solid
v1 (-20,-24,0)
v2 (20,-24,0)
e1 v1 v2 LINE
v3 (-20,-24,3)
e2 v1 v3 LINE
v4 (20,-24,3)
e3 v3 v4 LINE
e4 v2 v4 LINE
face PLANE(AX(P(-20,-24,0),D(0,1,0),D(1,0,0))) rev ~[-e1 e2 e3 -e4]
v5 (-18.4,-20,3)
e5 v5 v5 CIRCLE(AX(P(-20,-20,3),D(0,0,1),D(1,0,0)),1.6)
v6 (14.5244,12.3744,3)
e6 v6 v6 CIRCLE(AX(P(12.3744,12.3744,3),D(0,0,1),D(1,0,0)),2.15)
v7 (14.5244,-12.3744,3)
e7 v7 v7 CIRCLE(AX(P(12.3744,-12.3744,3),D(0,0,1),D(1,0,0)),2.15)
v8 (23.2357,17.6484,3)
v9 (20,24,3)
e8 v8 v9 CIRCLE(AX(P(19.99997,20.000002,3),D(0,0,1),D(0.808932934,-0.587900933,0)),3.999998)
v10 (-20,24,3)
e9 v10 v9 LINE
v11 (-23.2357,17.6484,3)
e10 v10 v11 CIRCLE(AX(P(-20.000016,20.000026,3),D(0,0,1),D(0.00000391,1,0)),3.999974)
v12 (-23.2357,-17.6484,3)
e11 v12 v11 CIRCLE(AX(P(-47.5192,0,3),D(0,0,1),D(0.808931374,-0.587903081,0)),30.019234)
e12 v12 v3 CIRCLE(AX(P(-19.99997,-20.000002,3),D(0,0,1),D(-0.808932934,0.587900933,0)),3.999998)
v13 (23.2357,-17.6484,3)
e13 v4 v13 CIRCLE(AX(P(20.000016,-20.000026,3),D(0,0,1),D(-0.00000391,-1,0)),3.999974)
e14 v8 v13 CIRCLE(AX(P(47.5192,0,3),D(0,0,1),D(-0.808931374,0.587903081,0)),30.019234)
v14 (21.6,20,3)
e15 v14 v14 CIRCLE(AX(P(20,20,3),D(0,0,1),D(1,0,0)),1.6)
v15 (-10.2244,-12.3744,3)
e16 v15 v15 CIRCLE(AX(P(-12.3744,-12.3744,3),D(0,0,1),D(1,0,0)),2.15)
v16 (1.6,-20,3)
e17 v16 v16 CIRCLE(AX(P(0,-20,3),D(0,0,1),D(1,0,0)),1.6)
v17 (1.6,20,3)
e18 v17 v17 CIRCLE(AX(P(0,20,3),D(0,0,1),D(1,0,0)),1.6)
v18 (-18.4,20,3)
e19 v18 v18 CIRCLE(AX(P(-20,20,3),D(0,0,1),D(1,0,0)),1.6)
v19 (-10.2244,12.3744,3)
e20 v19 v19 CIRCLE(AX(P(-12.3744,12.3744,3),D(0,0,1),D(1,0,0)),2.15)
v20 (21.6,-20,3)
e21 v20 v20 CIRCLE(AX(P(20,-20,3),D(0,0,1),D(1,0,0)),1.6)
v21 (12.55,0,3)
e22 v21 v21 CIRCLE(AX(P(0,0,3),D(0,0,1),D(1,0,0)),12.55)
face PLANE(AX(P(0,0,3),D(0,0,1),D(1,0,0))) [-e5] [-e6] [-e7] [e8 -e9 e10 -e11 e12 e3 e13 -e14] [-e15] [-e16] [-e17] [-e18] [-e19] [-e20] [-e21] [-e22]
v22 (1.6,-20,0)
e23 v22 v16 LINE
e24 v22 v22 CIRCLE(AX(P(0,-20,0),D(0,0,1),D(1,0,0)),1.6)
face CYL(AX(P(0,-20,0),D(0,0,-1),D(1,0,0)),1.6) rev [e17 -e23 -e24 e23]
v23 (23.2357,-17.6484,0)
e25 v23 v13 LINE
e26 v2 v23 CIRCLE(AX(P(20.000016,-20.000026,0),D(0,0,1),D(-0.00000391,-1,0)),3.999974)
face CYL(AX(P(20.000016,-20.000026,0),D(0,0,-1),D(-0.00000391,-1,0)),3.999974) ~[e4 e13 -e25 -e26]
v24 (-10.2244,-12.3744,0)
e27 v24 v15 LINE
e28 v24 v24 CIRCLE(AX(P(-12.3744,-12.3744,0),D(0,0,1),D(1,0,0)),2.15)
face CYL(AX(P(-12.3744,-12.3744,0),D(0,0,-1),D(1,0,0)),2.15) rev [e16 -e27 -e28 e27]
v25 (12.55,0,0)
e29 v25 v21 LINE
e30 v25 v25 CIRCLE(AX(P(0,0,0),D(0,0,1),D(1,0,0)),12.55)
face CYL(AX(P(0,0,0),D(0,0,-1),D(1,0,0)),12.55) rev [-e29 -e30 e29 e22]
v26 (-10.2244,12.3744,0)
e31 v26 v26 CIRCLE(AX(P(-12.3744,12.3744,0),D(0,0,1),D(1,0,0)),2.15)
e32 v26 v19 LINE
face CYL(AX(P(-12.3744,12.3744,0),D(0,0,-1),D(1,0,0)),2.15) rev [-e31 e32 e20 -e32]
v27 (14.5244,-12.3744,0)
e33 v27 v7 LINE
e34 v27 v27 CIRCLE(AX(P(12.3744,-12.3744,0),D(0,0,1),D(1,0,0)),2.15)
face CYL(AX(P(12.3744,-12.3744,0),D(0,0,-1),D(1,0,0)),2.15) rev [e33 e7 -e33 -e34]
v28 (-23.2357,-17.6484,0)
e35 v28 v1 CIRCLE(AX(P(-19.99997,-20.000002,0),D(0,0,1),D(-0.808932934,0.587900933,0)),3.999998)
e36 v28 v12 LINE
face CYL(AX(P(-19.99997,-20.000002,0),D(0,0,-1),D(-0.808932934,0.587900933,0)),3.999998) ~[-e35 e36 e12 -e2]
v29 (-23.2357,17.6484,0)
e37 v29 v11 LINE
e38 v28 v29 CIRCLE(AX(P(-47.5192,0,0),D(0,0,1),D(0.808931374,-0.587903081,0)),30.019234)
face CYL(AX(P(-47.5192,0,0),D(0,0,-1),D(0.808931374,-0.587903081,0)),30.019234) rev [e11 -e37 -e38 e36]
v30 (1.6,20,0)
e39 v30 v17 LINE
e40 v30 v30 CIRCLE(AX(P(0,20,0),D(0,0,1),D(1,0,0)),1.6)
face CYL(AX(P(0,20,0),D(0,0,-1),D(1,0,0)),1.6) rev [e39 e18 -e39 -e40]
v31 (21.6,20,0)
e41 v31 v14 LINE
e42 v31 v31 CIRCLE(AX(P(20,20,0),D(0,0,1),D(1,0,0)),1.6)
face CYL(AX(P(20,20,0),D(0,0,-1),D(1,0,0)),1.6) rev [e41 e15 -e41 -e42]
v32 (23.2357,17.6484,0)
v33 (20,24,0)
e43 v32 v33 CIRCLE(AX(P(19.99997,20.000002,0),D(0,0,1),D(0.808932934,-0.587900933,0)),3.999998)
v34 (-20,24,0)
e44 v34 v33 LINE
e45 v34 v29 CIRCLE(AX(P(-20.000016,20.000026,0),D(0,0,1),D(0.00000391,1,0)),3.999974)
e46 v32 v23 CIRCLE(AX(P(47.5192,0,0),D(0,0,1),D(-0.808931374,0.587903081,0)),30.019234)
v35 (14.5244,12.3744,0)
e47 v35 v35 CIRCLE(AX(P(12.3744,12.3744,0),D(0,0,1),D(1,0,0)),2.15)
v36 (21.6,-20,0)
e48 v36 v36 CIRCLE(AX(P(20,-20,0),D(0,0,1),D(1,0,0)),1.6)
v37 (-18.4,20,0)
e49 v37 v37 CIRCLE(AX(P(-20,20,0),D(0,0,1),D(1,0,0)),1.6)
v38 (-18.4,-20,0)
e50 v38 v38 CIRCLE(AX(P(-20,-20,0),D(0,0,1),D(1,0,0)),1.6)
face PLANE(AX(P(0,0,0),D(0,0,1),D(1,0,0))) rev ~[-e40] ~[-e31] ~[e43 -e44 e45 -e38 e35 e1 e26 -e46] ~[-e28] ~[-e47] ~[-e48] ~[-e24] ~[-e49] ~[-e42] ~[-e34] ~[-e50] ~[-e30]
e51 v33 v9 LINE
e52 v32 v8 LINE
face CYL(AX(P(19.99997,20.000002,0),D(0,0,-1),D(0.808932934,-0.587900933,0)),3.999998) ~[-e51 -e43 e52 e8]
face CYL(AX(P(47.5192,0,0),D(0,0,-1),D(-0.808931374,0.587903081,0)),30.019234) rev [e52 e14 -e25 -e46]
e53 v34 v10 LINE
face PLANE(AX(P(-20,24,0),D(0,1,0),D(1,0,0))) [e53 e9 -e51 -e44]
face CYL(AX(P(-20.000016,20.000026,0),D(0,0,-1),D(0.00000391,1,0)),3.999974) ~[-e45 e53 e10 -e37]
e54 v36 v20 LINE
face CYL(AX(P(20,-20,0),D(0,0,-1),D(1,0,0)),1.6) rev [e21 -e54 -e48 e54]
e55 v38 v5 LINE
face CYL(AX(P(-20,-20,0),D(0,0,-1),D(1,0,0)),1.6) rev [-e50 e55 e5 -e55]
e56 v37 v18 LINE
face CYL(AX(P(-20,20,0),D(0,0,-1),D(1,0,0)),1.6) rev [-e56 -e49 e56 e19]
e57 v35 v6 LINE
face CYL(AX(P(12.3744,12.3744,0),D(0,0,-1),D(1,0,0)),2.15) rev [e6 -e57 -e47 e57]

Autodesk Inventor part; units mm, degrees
ref_plane "YZ Plane" through (0, 0, 0) normal (1, 0, 0) x (0, 1, 0)
ref_plane "XZ Plane" through (0, 0, 0) normal (0, 1, 0) x (-1, 0, 0)
ref_plane "XY Plane" through (0, 0, 0) normal (0, 0, 1) x (1, 0, 0)
sketch "スケッチ1" plane through (0, 0, 0) normal (0, 0, 1) x (1, 0, 0)
  circle A0 centre (-12.3744, 12.3744) radius 2.15
  circle A1 centre (-12.3744, -12.3744) radius 2.15
  circle A2 centre (12.3744, 12.3744) radius 2.15
  circle A3 centre (12.3744, -12.3744) radius 2.15
  line L0 (12.3744, 12.3744) -> (-12.3744, 12.3744) construction
  line L1 (-12.3744, 12.3744) -> (-12.3744, -12.3744) construction
  line L2 (-12.3744, -12.3744) -> (12.3744, -12.3744) construction
  line L3 (12.3744, -12.3744) -> (12.3744, 12.3744) construction
  line L4 (12.3744, 12.3744) -> (-12.3744, -12.3744) construction
  line L5 (-12.3744, 12.3744) -> (12.3744, -12.3744) construction
  circle A4 centre (0, 0) radius 12.55
  line L6 (20, 20) -> (-20, 20) construction
  line L7 (-20, 20) -> (-20, -20) construction
  line L8 (-20, -20) -> (20, -20) construction
  line L9 (20, -20) -> (20, 20) construction
  line L10 (20, 20) -> (-20, -20) construction
  line L11 (-20, 20) -> (20, -20) construction
  circle A5 centre (-20, 20) radius 1.6
  circle A6 centre (20, 20) radius 1.6
  circle A7 centre (20, -20) radius 1.6
  circle A8 centre (-20, -20) radius 1.6
  arc A9 (-20, 24) -> (-23.2357, 17.6484) centre (-20, 20) ccw
  arc A10 (23.2357, 17.6484) -> (20, 24) centre (20, 20) ccw
  arc A11 (20, -24) -> (23.2357, -17.6484) centre (20, -20) ccw
  arc A12 (-23.2357, -17.6484) -> (-20, -24) centre (-20, -20) ccw
  circle A13 centre (0, 0) radius 17.5 construction
  arc A14 (23.2357, 17.6484) -> (23.2357, -17.6484) centre (47.5192, 0) ccw
  arc A15 (-23.2357, -17.6484) -> (-23.2357, 17.6484) centre (-47.5192, 0) ccw
  circle A16 centre (0, 20) radius 1.6
  circle A17 centre (0, -20) radius 1.6
  line L12 (-20, 24) -> (20, 24)
  line L13 (-20, -24) -> (20, -24)
  dimension "d0" = 4.3
  dimension "d1" = 4.3
  dimension "d2" = 4.3
  dimension "d3" = 4.3
  dimension "d4" = 17.5
  dimension "d5" = 25.1
  dimension "d6" = 40
  dimension "d7" = 40
  dimension "d8" = 3.2
  dimension "d9" = 3.2
  dimension "d10" = 3.2
  dimension "d11" = 3.2
  dimension "d12" = 4
  dimension "d13" = 4
  dimension "d14" = 4
  dimension "d16" = 4
  dimension "d17" = 35
  dimension "d20" = 3.2
  dimension "d21" = 3.2
extrude "押し出し1" add sketch "スケッチ1" along normal blind 3
properties part number "関節3_775側_モータマウント"
